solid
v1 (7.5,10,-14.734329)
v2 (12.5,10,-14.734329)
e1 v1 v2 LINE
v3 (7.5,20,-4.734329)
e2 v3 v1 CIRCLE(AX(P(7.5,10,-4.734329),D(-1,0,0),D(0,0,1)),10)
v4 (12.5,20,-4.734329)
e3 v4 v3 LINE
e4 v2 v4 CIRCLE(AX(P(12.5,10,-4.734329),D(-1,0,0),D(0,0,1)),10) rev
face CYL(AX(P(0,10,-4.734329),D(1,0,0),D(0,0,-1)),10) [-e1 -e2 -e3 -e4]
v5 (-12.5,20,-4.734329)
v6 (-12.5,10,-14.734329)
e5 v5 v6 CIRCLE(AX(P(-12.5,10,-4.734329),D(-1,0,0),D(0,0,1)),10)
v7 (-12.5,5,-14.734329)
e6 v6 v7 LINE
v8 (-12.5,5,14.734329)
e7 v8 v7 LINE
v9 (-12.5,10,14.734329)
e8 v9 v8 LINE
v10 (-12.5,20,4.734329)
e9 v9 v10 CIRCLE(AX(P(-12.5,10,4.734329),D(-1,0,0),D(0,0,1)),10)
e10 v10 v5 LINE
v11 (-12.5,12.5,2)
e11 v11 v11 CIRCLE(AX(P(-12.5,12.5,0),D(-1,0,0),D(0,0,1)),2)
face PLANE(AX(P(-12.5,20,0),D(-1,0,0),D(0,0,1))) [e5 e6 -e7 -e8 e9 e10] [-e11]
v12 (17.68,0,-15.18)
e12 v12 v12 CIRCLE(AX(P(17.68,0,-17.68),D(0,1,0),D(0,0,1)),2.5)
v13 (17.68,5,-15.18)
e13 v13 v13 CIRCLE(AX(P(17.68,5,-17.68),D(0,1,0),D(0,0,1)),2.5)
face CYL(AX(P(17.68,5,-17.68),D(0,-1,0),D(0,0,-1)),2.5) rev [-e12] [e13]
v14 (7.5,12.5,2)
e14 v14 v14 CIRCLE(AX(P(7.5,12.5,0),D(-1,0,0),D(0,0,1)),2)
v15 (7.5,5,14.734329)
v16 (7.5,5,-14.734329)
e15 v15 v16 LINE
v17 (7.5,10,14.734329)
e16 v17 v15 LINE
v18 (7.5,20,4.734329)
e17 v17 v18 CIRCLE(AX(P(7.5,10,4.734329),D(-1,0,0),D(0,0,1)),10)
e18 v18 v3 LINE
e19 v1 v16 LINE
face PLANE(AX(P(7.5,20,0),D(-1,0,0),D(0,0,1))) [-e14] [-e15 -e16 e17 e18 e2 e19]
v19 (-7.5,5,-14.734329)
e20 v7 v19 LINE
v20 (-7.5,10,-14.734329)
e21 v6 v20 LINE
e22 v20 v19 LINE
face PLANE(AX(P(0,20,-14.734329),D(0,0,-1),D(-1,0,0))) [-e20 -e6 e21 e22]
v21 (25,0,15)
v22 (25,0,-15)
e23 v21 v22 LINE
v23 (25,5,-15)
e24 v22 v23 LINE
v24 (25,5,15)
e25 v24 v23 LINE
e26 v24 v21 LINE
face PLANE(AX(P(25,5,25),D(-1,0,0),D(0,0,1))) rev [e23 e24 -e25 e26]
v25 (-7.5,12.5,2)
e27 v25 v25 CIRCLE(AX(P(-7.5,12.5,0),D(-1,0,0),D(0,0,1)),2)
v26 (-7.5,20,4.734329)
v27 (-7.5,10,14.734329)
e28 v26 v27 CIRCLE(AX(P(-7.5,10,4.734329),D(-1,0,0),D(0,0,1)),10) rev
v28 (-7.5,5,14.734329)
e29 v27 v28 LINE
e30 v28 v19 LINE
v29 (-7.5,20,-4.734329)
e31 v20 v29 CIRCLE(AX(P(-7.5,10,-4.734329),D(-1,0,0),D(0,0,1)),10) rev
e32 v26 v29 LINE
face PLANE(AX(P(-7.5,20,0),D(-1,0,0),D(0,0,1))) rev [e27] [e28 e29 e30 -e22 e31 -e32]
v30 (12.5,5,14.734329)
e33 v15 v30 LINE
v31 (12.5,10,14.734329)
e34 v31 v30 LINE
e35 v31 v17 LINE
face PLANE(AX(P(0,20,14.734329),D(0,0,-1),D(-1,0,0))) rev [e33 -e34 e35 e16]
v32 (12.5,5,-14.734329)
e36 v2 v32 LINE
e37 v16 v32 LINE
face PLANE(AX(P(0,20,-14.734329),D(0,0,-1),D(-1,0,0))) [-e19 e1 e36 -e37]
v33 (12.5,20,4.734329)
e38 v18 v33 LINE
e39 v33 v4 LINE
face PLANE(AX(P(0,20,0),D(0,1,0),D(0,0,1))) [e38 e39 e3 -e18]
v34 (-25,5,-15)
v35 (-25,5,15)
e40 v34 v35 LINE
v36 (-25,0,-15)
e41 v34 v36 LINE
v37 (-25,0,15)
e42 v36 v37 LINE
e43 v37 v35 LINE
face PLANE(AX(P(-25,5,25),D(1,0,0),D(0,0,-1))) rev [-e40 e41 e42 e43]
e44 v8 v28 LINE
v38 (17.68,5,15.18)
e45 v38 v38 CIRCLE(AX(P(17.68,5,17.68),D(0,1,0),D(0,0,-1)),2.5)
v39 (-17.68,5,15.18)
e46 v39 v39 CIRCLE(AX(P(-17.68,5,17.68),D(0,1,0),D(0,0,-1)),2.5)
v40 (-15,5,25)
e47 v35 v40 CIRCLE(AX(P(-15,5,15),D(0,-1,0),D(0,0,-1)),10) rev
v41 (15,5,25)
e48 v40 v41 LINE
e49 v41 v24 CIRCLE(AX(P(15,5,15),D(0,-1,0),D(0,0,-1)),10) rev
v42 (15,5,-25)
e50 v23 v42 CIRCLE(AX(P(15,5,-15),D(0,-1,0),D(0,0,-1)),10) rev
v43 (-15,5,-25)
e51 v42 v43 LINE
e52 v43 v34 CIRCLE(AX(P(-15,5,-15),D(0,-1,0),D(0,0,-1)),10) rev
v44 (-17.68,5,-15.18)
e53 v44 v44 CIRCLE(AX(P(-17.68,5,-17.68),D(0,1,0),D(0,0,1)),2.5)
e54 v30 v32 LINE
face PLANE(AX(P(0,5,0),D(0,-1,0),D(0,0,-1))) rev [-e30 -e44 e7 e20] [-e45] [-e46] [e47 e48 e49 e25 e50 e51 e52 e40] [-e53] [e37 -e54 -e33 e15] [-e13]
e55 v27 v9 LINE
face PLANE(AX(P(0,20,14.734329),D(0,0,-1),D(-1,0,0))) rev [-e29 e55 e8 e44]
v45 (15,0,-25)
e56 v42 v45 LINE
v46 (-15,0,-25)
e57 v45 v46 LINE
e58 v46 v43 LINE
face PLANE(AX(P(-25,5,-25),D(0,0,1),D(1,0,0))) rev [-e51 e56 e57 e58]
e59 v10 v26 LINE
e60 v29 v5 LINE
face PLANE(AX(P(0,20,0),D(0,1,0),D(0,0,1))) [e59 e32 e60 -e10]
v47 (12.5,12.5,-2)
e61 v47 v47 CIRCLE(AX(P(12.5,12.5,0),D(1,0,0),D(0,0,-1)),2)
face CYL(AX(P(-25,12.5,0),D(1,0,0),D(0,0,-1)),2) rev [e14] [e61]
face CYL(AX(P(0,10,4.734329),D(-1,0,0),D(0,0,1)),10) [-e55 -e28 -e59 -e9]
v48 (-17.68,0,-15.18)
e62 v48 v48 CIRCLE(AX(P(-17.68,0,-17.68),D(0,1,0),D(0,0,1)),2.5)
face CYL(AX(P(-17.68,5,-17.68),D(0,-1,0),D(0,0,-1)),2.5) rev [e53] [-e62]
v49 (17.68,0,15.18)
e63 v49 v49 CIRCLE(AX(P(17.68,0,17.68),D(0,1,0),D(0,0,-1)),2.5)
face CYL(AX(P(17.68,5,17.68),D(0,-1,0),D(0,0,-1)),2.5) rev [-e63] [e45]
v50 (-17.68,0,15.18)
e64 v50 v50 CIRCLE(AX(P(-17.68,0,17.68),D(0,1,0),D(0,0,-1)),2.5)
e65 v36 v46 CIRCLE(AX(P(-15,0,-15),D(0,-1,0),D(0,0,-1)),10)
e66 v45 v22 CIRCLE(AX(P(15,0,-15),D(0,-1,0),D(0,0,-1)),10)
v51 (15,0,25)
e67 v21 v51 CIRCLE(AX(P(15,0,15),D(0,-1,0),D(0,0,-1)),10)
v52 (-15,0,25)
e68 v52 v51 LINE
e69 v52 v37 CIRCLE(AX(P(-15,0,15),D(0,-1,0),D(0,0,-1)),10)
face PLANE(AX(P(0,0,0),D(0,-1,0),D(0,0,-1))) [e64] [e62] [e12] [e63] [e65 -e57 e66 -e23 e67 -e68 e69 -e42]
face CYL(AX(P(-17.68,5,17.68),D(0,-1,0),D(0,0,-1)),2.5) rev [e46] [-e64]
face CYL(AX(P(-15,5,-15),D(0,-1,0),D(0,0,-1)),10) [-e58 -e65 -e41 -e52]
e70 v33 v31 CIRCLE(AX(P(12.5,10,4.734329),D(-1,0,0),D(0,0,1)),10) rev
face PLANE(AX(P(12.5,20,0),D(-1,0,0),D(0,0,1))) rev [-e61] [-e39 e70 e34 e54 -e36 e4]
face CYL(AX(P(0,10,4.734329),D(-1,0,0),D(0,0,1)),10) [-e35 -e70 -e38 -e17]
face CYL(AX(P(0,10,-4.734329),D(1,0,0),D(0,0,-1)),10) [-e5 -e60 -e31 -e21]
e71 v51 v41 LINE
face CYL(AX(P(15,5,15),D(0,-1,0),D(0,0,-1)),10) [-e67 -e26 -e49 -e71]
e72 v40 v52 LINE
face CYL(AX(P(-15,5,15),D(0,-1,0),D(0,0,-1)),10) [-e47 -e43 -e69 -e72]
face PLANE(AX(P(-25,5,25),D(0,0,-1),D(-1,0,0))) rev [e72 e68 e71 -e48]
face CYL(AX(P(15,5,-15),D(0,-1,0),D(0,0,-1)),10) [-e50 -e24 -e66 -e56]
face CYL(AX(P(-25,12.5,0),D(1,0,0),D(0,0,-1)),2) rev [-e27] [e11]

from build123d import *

# Parameters (mm, degrees)
SKETCH1_W           = 50
SKETCH1_H           = 50
SKETCH1_R           = 2.5
BOSS_EXTRUDE1_DEPTH = 5
SKETCH2_W           = 5
SKETCH2_H           = 29.468657126
BOSS_EXTRUDE2_DEPTH = 15
SKETCH3_R           = 2
CUT_EXTRUDE1_DEPTH  = 50.307707308
FILLET1_R           = 10
FILLET2_R           = 10


with BuildPart() as part:
    # Sketch1 → Boss-Extrude1 (new body)
    with BuildSketch(Plane(origin=(0, 0, 0), x_dir=(1, 0, 0), z_dir=(0, 1, 0))):
        Rectangle(SKETCH1_W, SKETCH1_H)
        with Locations(Location((-17.68, 17.68, 0), (0, 0, 270))):
            Circle(SKETCH1_R, mode=Mode.SUBTRACT)
        with Locations(Location((17.68, 17.68, 0), (0, 0, 270))):
            Circle(SKETCH1_R, mode=Mode.SUBTRACT)
        with Locations(Location((17.68, -17.68, 0), (0, 0, 90))):
            Circle(SKETCH1_R, mode=Mode.SUBTRACT)
        with Locations(Location((-17.68, -17.68, 0), (0, 0, 90))):
            Circle(SKETCH1_R, mode=Mode.SUBTRACT)
    extrude(amount=BOSS_EXTRUDE1_DEPTH)

    # Sketch2 → Boss-Extrude2 (add)
    with BuildSketch(Plane(origin=(0, 5, 0), x_dir=(1, 0, 0), z_dir=(0, 1, 0))):
        with Locations((-10, 0)):
            Rectangle(SKETCH2_W, SKETCH2_H)
        with Locations((10, 0)):
            Rectangle(SKETCH2_W, SKETCH2_H)
    extrude(amount=BOSS_EXTRUDE2_DEPTH)

    # Sketch3 → Cut-Extrude1 (cut, through all)
    with BuildSketch(Plane(origin=(12.5, 0, 0), x_dir=(0, 0, -1), z_dir=(1, 0, 0))):
        with Locations((0, 12.5)):
            Circle(SKETCH3_R)
    extrude(amount=-CUT_EXTRUDE1_DEPTH, mode=Mode.SUBTRACT)

    # Fillet1
    fillet1_edges = [part.edges().sort_by_distance(p)[0] for p in [
        (-10, 20, -14.734328563),
        (-10, 20, 14.734328563),
        (10, 20, -14.734328563),
        (10, 20, 14.734328563),
    ]]
    fillet(fillet1_edges, radius=FILLET1_R)

    # Fillet2
    fillet2_edges = [part.edges().sort_by_distance(p)[0] for p in [
        (25, 2.5, 25),
        (-25, 2.5, 25),
        (-25, 2.5, -25),
        (25, 2.5, -25),
    ]]
    fillet(fillet2_edges, radius=FILLET2_R)


solid = part.part
